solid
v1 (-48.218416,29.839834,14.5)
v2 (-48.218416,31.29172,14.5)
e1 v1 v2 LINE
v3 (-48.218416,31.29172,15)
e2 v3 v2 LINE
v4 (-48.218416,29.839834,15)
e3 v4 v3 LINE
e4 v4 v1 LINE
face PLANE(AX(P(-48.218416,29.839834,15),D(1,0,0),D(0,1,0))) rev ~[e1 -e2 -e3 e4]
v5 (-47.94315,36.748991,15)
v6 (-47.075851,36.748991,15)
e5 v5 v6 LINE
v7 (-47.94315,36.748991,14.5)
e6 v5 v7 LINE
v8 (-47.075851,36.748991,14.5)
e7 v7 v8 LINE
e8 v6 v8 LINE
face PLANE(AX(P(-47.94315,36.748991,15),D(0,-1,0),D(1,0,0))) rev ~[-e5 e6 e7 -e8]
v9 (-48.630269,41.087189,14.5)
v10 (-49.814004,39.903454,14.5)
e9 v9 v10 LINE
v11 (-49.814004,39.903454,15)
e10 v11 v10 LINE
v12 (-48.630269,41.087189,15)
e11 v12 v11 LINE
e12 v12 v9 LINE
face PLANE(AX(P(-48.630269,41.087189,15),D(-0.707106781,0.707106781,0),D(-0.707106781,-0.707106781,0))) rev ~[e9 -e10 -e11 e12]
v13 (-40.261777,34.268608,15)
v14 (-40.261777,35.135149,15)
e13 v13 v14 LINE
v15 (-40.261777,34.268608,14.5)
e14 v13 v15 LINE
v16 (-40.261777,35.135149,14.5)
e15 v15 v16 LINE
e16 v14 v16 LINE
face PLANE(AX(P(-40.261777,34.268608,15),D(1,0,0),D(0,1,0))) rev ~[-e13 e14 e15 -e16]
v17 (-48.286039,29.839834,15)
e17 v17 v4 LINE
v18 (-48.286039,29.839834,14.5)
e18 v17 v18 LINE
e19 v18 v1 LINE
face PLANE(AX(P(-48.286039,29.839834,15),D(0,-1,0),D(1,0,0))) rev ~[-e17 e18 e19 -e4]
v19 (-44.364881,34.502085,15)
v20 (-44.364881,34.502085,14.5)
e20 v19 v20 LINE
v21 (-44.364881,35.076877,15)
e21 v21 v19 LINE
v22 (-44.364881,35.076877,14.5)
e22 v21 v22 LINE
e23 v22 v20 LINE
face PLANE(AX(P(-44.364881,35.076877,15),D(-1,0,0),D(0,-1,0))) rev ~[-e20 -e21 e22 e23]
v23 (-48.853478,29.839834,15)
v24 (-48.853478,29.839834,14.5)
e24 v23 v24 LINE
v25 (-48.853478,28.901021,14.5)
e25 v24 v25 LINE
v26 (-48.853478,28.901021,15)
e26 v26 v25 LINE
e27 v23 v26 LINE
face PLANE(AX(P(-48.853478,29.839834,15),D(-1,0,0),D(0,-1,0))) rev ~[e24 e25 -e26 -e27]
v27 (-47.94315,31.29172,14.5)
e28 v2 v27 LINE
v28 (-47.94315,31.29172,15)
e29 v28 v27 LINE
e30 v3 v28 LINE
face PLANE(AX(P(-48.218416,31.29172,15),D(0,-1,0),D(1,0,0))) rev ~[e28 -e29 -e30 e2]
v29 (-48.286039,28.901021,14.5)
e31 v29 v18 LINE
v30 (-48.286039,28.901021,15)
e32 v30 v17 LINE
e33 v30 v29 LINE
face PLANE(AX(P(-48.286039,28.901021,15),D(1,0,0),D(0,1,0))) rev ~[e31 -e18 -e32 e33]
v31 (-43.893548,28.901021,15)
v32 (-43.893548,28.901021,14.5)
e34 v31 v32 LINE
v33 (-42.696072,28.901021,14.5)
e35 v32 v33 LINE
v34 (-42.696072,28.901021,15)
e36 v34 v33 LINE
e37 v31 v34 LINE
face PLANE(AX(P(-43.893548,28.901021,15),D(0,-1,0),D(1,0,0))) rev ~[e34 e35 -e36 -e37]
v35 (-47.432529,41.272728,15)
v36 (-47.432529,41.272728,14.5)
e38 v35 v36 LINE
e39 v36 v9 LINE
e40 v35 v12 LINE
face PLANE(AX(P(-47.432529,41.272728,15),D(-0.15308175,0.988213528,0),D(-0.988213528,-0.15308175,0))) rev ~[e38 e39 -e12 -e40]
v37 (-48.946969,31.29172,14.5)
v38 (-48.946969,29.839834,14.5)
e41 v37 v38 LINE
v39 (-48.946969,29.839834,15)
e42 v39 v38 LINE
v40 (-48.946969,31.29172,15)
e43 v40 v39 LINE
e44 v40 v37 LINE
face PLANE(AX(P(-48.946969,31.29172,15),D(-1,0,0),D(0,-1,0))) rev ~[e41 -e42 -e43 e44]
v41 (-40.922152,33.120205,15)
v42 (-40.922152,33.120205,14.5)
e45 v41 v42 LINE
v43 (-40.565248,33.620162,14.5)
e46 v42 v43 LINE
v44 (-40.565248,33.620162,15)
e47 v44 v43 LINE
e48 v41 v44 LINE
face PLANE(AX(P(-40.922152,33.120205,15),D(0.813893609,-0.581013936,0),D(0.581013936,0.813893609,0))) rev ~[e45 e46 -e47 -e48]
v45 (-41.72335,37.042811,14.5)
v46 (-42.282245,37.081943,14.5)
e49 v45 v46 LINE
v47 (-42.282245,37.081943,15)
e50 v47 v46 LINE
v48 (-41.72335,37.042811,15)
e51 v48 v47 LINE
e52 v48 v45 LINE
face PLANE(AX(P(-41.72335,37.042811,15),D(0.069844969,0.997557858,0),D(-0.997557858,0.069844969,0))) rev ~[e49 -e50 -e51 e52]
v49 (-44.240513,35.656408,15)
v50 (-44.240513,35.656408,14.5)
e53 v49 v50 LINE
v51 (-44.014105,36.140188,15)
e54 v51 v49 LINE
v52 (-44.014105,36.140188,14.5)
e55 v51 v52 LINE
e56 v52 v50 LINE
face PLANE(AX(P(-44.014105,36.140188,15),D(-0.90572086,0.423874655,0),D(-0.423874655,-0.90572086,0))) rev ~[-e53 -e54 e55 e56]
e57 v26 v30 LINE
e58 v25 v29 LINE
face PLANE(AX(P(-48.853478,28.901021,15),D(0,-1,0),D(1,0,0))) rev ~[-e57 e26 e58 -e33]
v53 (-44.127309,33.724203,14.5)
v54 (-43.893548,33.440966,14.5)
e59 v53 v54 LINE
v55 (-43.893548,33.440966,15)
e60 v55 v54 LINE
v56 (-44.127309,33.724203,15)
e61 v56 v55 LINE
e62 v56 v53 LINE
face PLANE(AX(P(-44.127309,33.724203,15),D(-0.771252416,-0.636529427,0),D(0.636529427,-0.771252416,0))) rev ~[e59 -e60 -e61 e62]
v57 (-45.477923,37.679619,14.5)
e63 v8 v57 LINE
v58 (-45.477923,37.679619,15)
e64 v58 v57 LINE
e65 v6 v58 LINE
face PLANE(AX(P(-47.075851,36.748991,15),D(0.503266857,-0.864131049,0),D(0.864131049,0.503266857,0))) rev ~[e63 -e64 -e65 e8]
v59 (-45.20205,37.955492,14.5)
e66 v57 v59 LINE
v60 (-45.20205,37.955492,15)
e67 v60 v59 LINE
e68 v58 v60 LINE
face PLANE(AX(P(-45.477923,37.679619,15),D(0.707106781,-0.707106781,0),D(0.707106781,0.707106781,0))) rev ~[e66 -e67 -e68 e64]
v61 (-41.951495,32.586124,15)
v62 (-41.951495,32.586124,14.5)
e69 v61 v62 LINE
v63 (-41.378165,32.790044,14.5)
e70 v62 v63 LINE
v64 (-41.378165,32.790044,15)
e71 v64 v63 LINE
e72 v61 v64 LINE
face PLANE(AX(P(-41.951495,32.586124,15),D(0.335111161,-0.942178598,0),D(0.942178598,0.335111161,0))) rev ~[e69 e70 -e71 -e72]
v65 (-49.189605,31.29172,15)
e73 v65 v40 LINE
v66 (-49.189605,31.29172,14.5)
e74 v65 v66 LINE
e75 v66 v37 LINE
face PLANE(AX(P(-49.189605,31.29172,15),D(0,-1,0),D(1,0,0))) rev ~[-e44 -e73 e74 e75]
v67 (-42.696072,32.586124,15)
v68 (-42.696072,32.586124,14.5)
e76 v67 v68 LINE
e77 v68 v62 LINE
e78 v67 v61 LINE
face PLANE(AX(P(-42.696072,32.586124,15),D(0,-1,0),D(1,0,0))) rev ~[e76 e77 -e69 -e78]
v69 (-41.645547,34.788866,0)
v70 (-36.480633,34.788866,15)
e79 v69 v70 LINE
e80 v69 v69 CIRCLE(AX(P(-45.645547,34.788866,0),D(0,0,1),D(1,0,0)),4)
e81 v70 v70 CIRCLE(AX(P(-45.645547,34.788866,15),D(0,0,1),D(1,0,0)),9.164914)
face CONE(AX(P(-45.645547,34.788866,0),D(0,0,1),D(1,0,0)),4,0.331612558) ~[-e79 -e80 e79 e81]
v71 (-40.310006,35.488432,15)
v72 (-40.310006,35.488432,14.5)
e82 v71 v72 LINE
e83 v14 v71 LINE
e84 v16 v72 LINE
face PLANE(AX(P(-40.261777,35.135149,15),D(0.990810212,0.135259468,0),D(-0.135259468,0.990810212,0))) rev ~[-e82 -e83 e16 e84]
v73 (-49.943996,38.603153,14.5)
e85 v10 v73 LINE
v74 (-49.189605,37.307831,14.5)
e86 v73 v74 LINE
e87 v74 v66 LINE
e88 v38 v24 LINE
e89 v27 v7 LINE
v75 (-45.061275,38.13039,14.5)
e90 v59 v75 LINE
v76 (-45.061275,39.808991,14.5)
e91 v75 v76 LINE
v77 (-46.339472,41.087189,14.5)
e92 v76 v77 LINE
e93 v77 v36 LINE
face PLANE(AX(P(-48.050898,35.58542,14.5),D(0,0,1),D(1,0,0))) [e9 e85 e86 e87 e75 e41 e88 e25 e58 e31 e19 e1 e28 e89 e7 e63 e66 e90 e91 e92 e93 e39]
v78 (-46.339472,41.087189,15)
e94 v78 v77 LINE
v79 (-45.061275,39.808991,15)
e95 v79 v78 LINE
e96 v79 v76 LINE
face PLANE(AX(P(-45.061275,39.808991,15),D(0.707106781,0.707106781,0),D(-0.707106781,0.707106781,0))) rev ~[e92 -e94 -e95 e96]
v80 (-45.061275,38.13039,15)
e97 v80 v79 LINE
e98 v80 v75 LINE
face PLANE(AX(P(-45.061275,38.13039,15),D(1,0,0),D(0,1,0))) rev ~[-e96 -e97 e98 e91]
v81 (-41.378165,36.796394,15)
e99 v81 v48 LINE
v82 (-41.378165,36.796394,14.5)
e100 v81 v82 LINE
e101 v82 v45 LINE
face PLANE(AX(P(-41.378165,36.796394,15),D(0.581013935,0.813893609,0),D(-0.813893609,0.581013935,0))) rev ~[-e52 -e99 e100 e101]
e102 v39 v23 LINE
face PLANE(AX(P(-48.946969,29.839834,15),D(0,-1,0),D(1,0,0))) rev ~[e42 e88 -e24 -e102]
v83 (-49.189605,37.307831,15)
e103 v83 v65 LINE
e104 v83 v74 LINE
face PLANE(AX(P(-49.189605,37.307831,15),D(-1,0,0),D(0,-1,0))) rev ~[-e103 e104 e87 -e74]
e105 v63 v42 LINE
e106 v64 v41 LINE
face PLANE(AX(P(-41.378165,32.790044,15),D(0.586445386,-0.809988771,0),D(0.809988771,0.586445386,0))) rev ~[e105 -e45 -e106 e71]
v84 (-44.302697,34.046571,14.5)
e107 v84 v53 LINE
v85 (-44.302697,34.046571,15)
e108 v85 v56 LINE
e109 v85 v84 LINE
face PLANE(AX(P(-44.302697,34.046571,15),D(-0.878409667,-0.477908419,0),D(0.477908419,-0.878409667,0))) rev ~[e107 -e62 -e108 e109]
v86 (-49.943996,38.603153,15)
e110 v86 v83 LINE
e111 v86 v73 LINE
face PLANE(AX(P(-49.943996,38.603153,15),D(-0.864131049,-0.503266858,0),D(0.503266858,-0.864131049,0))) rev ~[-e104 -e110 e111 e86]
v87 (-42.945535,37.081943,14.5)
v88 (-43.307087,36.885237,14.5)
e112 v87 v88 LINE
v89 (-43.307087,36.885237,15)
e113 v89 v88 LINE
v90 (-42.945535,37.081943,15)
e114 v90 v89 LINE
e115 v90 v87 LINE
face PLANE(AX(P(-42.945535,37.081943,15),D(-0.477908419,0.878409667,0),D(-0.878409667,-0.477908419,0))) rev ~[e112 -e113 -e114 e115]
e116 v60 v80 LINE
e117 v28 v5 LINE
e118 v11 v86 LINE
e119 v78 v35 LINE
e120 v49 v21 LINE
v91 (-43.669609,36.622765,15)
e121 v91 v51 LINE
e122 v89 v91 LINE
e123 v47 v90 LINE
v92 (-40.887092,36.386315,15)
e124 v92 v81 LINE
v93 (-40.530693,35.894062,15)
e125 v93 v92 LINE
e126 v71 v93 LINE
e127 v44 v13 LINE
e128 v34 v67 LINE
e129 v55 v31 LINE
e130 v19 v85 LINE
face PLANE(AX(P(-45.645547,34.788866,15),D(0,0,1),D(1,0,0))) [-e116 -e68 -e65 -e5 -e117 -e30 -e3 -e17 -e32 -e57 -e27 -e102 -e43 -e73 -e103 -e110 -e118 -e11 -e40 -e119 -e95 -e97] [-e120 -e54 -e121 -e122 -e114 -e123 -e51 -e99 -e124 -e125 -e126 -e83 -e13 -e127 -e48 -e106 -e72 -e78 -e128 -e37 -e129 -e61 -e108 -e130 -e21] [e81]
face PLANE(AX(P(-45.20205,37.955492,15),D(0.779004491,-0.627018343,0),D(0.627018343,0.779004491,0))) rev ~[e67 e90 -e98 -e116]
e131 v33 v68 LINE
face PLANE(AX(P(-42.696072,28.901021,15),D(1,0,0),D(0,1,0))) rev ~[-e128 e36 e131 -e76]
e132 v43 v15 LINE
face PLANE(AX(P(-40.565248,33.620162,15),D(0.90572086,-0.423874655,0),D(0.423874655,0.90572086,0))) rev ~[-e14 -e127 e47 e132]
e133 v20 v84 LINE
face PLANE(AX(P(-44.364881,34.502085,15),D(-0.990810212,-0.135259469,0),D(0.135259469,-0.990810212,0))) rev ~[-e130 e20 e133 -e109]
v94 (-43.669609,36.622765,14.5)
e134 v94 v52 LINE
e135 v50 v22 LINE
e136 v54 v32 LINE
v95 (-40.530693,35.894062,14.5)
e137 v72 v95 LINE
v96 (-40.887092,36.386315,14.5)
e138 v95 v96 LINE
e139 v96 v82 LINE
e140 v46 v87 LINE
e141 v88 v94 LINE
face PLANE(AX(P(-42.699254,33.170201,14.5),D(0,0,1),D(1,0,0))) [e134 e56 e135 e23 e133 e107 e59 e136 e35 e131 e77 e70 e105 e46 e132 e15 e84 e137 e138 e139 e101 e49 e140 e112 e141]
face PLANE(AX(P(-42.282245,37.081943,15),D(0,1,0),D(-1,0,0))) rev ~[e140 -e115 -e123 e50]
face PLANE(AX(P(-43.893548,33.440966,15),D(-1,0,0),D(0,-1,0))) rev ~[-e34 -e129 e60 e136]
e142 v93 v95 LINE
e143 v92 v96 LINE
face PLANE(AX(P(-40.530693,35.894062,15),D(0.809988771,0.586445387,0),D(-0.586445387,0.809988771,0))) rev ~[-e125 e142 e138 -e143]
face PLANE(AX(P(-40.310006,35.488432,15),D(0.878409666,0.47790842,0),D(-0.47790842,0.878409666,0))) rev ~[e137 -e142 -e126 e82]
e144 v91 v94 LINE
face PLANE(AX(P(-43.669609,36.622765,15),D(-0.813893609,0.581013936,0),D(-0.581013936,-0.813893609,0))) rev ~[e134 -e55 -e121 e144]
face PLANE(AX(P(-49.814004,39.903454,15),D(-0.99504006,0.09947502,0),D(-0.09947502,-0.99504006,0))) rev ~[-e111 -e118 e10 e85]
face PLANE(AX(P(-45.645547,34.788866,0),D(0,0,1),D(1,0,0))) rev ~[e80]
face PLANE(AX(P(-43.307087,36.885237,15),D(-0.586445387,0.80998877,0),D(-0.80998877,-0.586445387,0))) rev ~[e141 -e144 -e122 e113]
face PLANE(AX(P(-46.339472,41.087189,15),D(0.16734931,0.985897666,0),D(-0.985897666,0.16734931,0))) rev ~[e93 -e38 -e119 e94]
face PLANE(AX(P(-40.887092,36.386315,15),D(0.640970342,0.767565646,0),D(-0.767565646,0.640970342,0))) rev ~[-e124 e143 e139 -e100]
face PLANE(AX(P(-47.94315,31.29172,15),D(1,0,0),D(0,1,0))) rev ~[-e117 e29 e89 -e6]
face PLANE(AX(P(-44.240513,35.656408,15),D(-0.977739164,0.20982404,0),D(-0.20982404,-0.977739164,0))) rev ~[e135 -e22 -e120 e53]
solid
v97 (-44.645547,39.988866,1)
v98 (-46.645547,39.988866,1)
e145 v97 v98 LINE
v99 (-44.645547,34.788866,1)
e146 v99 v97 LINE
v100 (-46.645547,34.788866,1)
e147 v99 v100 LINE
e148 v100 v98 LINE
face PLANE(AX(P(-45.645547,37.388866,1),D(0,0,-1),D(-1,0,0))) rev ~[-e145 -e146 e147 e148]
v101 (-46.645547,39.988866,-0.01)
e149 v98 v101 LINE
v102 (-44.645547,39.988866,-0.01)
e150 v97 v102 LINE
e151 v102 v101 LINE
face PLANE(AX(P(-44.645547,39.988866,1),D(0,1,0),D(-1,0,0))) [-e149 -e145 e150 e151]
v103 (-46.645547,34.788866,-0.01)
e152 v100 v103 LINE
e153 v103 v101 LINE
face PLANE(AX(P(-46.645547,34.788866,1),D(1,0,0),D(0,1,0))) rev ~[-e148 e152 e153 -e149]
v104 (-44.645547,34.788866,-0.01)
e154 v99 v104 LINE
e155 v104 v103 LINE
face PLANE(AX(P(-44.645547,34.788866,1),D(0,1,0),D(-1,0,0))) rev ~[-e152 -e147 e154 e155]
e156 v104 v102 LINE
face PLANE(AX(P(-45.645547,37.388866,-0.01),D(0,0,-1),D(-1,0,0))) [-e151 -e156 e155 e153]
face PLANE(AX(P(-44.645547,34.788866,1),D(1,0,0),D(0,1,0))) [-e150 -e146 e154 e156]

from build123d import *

# Parameters (mm, degrees)
ESQUISSE1_R             = 4
BOSS_EXTRU_1_DEPTH      = 15
BOSS_EXTRU_1_DRAFT      = -19
BOSS_EXTRU_2_DEPTH      = 0.01
BOSS_EXTRU_2_DEPTH_BACK = 1
ESQUISSE2_W             = 2
ESQUISSE2_H             = 5.2
ENL_V_MAT_EXTRU_2_DEPTH = 0.5


with BuildPart() as part:
    # Esquisse1 → Boss.-Extru.1 (with draft: the straight prism first)
    with BuildSketch(Plane.XY):
        with Locations((-45.645547355, 34.788865837)):
            Circle(ESQUISSE1_R)
    extrude(amount=BOSS_EXTRU_1_DEPTH)
    # Boss.-Extru.1: the draft: its side faces are tilted about the plane it starts from
    boss_extru_1_sides = [part.faces().sort_by_distance(p)[0] for p in [
        (-49.645547355, 34.788865837, 7.5),
    ]]
    draft(boss_extru_1_sides, Plane.XY, BOSS_EXTRU_1_DRAFT)

    # Esquisse4 → Enlèv. mat.-Extru.2 (cut)
    with BuildSketch(Plane.XY.offset(15)):
        Polygon((-49.943995821, 38.603153257), (-49.189604531, 37.307830652), (-49.189604531, 31.291720416), (-48.946969311, 31.291720416), (-48.946969311, 29.839834395), (-48.853477913, 29.839834395), (-48.853477913, 28.901020834), (-48.286038565, 28.901020834), (-48.286038565, 29.839834395), (-48.218416226, 29.839834395), (-48.218416226, 31.291720416), (-47.943149859, 31.291720416), (-47.943149859, 36.748991058), (-47.075851086, 36.748991058), (-45.477923282, 37.679618542), (-45.202049869, 37.955491955), (-45.061274623, 38.130390425), (-45.061274623, 39.80899134), (-46.339472035, 41.087188751), (-47.432529213, 41.272727647), (-48.630268638, 41.087188751), (-49.814003652, 39.903453737), align=None)
        Polygon((-42.696072341, 28.901020834), (-42.696072341, 32.586123938), (-41.951495344, 32.586123938), (-41.37816481, 32.790044364), (-40.922152429, 33.120204937), (-40.565248273, 33.620161984), (-40.261777364, 34.268608239), (-40.261777364, 35.135148566), (-40.310005521, 35.488432157), (-40.530692657, 35.894061573), (-40.887092257, 36.386314868), (-41.37816481, 36.796394376), (-41.723349738, 37.042811415), (-42.282245323, 37.081943025), (-42.945535048, 37.081943025), (-43.307086562, 36.885236956), (-43.669608606, 36.622764946), (-44.014105478, 36.140188221), (-44.240513356, 35.656407614), (-44.364881332, 35.076877066), (-44.364881332, 34.5020846), (-44.302697344, 34.04657098), (-44.127309417, 33.724202835), (-43.893548402, 33.440965737), (-43.893548402, 28.901020834), align=None)
    extrude(amount=-ENL_V_MAT_EXTRU_2_DEPTH, mode=Mode.SUBTRACT)


with BuildPart() as body_2:
    # Esquisse2 → Boss.-Extru.2 (new, two sides: drawn at the far end of the back side and taken through both)
    with BuildSketch(Plane(origin=(0, 0, 0), x_dir=(-1, 0, 0), z_dir=(0, 0, -1)).offset(-BOSS_EXTRU_2_DEPTH_BACK)):
        with Locations((45.645547355, 37.388865837)):
            Rectangle(ESQUISSE2_W, ESQUISSE2_H)
    extrude(amount=BOSS_EXTRU_2_DEPTH + BOSS_EXTRU_2_DEPTH_BACK)


solid = Compound([part.part, body_2.part])
